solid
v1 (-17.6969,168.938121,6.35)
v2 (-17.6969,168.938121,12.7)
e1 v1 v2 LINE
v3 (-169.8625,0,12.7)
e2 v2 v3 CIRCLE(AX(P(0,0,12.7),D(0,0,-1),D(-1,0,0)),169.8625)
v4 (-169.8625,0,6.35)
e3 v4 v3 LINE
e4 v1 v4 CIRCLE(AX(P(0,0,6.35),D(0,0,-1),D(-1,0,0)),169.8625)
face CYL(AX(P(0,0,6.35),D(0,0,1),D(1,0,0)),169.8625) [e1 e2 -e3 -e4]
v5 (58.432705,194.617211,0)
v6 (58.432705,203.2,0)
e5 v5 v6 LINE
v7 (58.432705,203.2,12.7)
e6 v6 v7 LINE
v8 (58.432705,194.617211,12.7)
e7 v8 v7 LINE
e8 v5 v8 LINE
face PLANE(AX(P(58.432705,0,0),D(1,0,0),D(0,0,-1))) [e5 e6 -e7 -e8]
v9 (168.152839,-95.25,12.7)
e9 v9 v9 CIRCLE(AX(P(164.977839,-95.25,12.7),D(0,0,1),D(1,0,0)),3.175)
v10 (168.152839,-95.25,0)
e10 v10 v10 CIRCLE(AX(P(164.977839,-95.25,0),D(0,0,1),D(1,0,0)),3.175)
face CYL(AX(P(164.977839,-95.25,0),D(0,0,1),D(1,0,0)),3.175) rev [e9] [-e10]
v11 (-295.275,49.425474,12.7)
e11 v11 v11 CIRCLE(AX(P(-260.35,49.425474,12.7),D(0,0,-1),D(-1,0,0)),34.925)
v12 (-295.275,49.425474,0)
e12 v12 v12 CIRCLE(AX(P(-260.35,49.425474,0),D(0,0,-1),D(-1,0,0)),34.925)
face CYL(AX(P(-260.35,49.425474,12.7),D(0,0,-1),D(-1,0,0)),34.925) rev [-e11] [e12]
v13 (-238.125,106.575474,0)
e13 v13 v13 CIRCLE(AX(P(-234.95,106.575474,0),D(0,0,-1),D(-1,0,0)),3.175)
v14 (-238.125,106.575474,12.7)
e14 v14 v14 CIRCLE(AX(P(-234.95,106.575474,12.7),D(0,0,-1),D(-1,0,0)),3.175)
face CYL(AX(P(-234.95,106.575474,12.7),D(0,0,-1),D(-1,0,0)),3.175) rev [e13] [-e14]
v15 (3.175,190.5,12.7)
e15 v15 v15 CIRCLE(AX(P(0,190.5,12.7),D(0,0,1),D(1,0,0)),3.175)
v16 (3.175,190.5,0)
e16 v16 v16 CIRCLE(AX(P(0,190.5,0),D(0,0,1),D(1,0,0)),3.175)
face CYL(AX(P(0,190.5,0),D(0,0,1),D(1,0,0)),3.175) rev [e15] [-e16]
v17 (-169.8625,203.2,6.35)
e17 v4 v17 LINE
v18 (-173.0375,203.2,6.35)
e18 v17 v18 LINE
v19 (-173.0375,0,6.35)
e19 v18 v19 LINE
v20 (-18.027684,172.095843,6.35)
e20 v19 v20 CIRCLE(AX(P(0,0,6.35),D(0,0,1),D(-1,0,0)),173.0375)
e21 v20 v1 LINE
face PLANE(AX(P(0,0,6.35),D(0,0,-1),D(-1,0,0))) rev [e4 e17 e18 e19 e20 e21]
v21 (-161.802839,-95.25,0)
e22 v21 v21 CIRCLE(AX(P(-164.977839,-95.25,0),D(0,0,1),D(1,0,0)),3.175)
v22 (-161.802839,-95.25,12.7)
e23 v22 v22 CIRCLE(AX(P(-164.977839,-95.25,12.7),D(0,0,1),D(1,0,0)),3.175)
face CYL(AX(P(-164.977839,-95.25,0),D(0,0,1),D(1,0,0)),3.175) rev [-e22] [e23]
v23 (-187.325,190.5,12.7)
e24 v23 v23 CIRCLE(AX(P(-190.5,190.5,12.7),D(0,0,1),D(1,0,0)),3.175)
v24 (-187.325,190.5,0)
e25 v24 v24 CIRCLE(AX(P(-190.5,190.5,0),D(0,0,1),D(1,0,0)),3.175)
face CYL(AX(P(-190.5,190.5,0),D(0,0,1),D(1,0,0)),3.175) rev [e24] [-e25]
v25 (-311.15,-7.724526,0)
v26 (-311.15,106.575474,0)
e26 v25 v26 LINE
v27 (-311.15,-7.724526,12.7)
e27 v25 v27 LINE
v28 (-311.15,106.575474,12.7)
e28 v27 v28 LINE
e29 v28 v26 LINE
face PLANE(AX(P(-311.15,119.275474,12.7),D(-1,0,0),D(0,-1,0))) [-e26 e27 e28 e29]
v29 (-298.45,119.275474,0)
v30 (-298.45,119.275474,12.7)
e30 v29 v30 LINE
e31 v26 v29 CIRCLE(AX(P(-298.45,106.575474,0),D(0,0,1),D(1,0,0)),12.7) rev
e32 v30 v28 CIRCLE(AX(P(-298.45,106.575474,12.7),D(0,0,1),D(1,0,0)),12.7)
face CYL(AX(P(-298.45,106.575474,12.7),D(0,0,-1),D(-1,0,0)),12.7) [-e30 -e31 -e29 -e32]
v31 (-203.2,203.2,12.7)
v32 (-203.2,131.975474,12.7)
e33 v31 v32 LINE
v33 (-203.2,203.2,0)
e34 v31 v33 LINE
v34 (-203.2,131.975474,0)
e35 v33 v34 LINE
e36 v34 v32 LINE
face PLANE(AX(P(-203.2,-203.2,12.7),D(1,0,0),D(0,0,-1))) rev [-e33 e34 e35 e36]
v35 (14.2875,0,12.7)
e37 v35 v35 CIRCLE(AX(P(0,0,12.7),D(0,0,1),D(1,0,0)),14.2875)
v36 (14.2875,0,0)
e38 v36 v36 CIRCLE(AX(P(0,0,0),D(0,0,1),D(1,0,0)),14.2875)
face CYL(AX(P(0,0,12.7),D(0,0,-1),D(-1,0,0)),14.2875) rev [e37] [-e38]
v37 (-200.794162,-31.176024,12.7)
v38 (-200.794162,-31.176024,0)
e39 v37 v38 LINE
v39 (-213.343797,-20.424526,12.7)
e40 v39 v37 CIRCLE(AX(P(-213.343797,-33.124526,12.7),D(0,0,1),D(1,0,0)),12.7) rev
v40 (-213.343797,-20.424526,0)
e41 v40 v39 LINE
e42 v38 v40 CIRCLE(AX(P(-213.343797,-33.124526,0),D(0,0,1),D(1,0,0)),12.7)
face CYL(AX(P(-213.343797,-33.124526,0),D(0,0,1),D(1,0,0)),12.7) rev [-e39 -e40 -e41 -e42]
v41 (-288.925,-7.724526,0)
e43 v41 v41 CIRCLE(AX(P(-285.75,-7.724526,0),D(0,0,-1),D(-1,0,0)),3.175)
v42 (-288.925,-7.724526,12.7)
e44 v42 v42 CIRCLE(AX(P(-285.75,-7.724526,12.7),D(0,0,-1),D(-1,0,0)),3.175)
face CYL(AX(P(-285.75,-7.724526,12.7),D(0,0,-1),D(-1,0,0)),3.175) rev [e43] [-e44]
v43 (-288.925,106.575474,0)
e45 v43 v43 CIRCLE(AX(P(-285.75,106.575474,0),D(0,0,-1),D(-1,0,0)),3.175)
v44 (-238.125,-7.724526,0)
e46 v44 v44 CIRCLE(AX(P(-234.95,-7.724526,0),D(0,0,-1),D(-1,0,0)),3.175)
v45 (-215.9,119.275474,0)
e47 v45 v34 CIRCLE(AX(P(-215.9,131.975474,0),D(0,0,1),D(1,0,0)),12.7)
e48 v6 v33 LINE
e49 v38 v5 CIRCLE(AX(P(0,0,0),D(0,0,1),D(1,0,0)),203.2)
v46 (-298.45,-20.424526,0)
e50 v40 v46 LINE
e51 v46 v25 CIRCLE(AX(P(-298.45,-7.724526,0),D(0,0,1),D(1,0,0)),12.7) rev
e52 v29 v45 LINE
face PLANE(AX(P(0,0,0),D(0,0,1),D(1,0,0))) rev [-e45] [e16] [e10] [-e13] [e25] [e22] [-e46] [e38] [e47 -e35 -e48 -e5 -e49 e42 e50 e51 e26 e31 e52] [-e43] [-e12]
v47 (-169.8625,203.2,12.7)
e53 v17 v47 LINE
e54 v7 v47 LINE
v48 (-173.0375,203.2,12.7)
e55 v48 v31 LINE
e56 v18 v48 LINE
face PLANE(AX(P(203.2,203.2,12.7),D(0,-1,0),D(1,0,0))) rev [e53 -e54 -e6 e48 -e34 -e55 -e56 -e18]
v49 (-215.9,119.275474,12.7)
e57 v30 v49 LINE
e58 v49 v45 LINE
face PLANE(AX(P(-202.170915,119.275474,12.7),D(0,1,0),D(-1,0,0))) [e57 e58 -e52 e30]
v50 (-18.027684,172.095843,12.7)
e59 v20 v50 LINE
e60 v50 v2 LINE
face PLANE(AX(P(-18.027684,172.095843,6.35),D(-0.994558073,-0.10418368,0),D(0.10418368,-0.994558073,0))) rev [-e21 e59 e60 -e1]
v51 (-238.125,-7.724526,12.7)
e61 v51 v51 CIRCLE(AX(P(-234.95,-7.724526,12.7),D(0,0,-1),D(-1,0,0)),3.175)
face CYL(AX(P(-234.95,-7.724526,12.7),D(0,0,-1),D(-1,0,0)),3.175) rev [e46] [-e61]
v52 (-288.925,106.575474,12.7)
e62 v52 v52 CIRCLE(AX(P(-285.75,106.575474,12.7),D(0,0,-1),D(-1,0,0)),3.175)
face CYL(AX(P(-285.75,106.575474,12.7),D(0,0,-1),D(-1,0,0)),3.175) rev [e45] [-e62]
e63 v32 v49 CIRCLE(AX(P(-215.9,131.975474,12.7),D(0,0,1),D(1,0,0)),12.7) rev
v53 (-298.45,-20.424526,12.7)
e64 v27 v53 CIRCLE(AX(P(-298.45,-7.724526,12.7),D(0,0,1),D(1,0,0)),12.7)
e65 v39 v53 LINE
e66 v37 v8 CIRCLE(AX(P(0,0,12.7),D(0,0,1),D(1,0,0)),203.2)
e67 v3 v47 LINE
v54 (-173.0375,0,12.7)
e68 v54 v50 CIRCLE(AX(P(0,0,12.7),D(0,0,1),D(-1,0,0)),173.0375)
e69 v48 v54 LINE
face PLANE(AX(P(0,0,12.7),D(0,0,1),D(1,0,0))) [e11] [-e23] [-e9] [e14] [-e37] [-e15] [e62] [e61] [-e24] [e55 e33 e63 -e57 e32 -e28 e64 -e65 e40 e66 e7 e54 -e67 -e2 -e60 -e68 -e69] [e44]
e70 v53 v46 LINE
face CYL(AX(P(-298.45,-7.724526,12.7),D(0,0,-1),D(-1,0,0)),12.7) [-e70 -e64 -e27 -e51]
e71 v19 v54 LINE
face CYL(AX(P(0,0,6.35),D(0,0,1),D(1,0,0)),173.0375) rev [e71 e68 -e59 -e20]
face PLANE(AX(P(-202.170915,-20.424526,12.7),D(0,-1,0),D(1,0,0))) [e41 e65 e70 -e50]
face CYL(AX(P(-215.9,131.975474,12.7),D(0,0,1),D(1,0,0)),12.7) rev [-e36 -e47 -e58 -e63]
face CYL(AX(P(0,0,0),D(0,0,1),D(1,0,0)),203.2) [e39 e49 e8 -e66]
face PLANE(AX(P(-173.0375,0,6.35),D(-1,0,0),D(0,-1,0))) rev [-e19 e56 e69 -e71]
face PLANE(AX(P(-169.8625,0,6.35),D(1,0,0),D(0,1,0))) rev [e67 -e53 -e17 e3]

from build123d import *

# Parameters (mm, degrees)
SKETCH1_W               = 406.4
SKETCH1_H               = 406.4
SKETCH1_R               = 14.2875
BOSS_EXTRUDE1_DEPTH     = 12.7
CUT_EXTRUDE1_DEPTH      = 6.35
CUT_EXTRUDE2_DEPTH      = 13.7
SKETCH4_R               = 3.175
CUT_EXTRUDE3_DEPTH      = 1
CUT_EXTRUDE3_DEPTH_BACK = 13.7
SKETCH6_W               = 108.979085312
SKETCH6_H               = 139.7
SKETCH6_R               = 34.925
SKETCH6_R_2             = 3.175
BOSS_EXTRUDE2_DEPTH     = 12.7
FILLET1_R               = 12.7


with BuildPart() as part:
    # Sketch1 → Boss-Extrude1 (new body)
    with BuildSketch(Plane.XY):
        Rectangle(SKETCH1_W, SKETCH1_H)
        Circle(SKETCH1_R, mode=Mode.SUBTRACT)
    extrude(amount=BOSS_EXTRUDE1_DEPTH)

    # Sketch2 → Cut-Extrude1 (cut)
    with BuildSketch(Plane.XY.offset(12.7)):
        with BuildLine():
            Line((-18.027683557, 172.095842576), (-17.696900373, 168.938120694))
            ThreePointArc((-17.696900373, 168.938120694), (126.212734393, -113.68207679), (-169.8625, 0))
            Line((-169.8625, 0), (-169.8625, 203.2))
            Line((-169.8625, 203.2), (-173.0375, 203.2))
            Line((-173.0375, 203.2), (-173.0375, 0))
            ThreePointArc((-173.0375, 0), (128.571850923, -115.806975422), (-18.027683557, 172.095842576))
        make_face()
    extrude(amount=-CUT_EXTRUDE1_DEPTH, mode=Mode.SUBTRACT)

    # Sketch3 → Cut-Extrude2 (cut, through all)
    with BuildSketch(Plane.XY.offset(12.7)):
        with BuildLine():
            Line((58.432704894, 203.2), (58.432704894, 194.617211466))
            ThreePointArc((58.432704894, 194.617211466), (163.039513149, 121.278015948), (203.2, -3.13e-07))
            Line((203.2, -3.13e-07), (203.2, 203.2))
            Line((203.2, 203.2), (58.432704894, 203.2))
        make_face()
        with BuildLine():
            Line((203.2, -203.2), (203.2, -3.13e-07))
            ThreePointArc((203.2, -3.13e-07), (143.684097934, -143.68409794), (3.04e-07, -203.2))
            Line((3.04e-07, -203.2), (203.2, -203.2))
        make_face()
        with BuildLine():
            Line((-203.2, -203.2), (3.04e-07, -203.2))
            ThreePointArc((3.04e-07, -203.2), (-143.68409783, -143.684098045), (-203.2, 0))
            Line((-203.2, 0), (-203.2, -203.2))
        make_face()
    extrude(amount=-CUT_EXTRUDE2_DEPTH, mode=Mode.SUBTRACT)

    # Sketch4 → Cut-Extrude3 (cut, two sides)
    with BuildSketch(Plane.XY.offset(12.7)) as cut_extrude3_sk:
        with Locations((-190.5, 190.5)):
            Circle(SKETCH4_R)
        with Locations((-164.977839421, -95.25)):
            Circle(SKETCH4_R)
        with Locations((164.977839421, -95.25)):
            Circle(SKETCH4_R)
        with Locations((0, 190.5)):
            Circle(SKETCH4_R)
    extrude(amount=CUT_EXTRUDE3_DEPTH, mode=Mode.SUBTRACT)
    extrude(cut_extrude3_sk.sketch, amount=-CUT_EXTRUDE3_DEPTH_BACK, mode=Mode.SUBTRACT)

    # Sketch6 → Boss-Extrude2 (add, through all)
    with BuildSketch(Plane(origin=(0, 0, 0), x_dir=(-1, 0, 0), z_dir=(0, 0, -1))):
        with Locations((256.660457344, 49.425474201)):
            Rectangle(SKETCH6_W, SKETCH6_H)
        with Locations((260.35, 49.425474201)):
            Circle(SKETCH6_R, mode=Mode.SUBTRACT)
        with Locations((234.95, 106.575474201)):
            Circle(SKETCH6_R_2, mode=Mode.SUBTRACT)
        with Locations((285.75, 106.575474201)):
            Circle(SKETCH6_R_2, mode=Mode.SUBTRACT)
        with Locations((285.75, -7.724525799)):
            Circle(SKETCH6_R_2, mode=Mode.SUBTRACT)
        with Locations((234.95, -7.724525799)):
            Circle(SKETCH6_R_2, mode=Mode.SUBTRACT)
    extrude(amount=-BOSS_EXTRUDE2_DEPTH)

    # Fillet1
    fillet1_edges = [part.edges().sort_by_distance(p)[0] for p in [
        (-202.170914688, -20.424525799, 6.35),
        (-311.15, 119.275474201, 6.35),
        (-311.15, -20.424525799, 6.35),
        (-203.2, 119.275474201, 6.35),
    ]]
    fillet(fillet1_edges, radius=FILLET1_R)


solid = part.part
